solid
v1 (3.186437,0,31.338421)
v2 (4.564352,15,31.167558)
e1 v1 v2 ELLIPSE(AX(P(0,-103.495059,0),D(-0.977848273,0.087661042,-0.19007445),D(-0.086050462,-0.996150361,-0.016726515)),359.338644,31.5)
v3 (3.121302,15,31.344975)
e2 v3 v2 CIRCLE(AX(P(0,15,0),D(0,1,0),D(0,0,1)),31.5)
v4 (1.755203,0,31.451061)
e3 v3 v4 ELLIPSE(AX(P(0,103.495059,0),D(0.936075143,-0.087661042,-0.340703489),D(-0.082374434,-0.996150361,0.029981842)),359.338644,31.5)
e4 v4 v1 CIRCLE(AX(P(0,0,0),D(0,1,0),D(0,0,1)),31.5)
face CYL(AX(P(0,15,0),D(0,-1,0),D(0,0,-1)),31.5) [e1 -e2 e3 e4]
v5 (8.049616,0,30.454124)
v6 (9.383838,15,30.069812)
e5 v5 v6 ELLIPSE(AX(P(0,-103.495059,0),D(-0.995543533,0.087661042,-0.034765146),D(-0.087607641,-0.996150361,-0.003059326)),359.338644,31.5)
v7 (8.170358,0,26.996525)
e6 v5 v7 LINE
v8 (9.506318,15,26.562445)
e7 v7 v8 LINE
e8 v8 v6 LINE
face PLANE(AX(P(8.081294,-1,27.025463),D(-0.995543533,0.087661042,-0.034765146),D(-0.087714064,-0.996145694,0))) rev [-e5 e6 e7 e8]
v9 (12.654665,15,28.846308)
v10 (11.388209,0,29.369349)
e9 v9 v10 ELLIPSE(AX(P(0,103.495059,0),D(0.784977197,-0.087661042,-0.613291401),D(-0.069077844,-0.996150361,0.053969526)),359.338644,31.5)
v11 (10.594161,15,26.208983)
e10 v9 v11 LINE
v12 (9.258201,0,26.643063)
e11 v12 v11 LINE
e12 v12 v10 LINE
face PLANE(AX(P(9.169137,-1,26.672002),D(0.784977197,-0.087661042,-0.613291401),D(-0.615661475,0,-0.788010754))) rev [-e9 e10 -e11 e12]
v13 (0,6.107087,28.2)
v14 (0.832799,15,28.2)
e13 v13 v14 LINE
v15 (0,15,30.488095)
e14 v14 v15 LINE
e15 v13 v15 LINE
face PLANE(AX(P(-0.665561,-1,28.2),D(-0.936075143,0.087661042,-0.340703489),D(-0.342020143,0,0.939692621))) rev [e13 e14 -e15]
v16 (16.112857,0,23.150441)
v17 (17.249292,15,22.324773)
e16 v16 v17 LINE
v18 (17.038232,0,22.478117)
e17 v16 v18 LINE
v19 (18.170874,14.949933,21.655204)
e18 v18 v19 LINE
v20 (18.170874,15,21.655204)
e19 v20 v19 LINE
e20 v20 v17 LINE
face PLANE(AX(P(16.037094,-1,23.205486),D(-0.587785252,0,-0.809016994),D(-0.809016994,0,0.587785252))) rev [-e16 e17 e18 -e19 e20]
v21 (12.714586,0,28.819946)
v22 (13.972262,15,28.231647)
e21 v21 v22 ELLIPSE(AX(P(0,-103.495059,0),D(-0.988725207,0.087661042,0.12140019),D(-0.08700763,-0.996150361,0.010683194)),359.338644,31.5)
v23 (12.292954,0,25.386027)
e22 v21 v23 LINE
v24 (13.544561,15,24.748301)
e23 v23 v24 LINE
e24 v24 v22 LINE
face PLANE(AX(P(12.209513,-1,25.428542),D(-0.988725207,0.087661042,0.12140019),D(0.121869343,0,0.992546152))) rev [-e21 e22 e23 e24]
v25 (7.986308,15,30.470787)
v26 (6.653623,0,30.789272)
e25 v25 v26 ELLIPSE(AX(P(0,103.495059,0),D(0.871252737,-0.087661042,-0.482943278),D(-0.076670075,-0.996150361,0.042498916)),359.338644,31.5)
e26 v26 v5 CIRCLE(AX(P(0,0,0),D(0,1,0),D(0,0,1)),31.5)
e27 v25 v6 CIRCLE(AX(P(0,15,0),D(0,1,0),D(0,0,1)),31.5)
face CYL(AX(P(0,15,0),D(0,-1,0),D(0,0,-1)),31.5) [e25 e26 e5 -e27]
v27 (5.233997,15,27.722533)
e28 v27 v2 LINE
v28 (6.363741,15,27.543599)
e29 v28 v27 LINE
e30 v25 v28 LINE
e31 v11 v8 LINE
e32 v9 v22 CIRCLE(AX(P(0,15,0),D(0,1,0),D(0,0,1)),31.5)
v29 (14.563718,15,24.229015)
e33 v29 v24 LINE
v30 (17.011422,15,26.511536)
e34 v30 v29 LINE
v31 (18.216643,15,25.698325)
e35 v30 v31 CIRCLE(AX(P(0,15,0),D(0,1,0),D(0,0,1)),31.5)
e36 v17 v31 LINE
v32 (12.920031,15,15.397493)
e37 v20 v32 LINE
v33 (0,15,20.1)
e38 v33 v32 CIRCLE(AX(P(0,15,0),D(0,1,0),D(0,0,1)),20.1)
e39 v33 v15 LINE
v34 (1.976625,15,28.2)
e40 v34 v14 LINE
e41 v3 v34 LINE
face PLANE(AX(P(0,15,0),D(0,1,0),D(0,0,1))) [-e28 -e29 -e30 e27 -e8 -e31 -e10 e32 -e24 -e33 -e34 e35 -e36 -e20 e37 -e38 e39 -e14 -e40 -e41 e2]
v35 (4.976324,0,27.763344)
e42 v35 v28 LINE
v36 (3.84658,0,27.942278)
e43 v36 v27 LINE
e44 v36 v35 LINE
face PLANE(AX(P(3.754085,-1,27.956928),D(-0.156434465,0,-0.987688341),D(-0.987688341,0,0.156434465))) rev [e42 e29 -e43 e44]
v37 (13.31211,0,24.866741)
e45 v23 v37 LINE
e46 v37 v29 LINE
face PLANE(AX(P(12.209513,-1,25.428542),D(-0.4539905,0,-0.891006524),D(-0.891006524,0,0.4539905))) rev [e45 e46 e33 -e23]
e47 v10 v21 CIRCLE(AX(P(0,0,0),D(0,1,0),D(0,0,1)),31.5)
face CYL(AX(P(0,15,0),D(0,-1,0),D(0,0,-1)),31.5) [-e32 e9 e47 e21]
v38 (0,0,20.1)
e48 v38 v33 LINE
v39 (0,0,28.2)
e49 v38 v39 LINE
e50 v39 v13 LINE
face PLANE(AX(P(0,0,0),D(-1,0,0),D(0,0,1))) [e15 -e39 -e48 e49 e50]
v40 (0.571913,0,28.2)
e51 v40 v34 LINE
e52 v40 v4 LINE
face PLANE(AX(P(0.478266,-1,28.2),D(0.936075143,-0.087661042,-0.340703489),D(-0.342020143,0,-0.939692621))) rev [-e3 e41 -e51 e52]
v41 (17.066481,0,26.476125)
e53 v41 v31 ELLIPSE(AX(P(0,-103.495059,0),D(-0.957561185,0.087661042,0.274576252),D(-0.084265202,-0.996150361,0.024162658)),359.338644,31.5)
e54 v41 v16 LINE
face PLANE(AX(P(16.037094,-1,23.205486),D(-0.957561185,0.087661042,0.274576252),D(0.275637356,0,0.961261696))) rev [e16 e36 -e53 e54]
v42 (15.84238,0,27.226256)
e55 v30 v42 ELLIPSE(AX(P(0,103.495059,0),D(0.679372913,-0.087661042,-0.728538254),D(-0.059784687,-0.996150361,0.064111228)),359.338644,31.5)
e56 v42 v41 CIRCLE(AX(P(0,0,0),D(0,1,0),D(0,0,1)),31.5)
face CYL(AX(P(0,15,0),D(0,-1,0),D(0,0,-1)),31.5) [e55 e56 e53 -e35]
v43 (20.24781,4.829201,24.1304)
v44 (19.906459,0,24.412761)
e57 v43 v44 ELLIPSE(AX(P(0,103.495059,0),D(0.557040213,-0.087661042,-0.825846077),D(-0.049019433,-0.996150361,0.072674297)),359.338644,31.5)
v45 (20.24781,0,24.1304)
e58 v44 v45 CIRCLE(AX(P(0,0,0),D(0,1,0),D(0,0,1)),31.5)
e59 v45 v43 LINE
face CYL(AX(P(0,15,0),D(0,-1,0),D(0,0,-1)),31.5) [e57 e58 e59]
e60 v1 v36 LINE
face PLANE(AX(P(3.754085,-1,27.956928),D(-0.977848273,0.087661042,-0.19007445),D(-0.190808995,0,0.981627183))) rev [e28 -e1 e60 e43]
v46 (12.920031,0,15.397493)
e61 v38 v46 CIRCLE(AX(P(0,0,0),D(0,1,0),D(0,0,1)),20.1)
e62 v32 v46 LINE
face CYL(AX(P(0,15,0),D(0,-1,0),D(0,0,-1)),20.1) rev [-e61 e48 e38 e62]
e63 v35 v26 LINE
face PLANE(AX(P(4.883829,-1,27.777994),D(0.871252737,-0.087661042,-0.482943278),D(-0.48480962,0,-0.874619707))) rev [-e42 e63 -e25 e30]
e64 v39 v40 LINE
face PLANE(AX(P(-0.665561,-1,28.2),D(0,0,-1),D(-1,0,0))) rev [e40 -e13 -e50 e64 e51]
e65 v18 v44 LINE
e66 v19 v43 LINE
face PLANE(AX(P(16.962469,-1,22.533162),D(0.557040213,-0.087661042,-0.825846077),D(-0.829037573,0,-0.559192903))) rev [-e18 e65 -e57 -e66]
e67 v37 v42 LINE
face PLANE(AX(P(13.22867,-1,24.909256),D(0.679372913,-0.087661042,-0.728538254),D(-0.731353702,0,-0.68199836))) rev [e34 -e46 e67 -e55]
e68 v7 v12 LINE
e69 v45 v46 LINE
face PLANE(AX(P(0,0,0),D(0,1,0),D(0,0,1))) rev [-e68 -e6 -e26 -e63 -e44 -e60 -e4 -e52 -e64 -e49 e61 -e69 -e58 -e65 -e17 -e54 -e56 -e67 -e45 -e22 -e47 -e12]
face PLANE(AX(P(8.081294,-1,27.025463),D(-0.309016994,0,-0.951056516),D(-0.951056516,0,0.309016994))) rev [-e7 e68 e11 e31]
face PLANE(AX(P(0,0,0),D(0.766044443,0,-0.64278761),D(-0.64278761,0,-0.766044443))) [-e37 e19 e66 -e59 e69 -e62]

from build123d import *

# Parameters (mm, degrees)
SKETCH_1_R               = 31.5
SKETCH_1_R_2             = 20.1
EXTRUDE_1_DEPTH          = 15
PATTERN_CIRCULAR_4_COUNT = 40
SKETCH_9_OUTSIDE_W       = 83.064
SKETCH_9_OUTSIDE_H       = 83.064
CUT_EXTRUDE_1_DEPTH      = 48.00244519


with BuildPart() as part:
    # Эскиз1 → Бобышка-Вытянуть1 (new body)
    with BuildSketch(Plane(origin=(0, 0, 0), x_dir=(1, 0, 0), z_dir=(0, 1, 0))):
        with Locations(Location((0, 0, 0), (0, 0, 270))):
            Circle(SKETCH_1_R)
        with Locations(Location((0, 0, 0), (0, 0, 270))):
            Circle(SKETCH_1_R_2, mode=Mode.SUBTRACT)
    extrude(amount=EXTRUDE_1_DEPTH)

    # Вырез-По траектории4: sweep along a path in Эскиз8
    with BuildLine(Plane(origin=(30, 0, 0), x_dir=(0, 0, -1), z_dir=(1, 0, 0))) as sweep_4_path:
        Line((0, 0), (1.610154635, 17.19379209))
    # Эскиз7 → Вырез-По траектории4 (sweep, cut)
    with BuildSketch(Plane(origin=(0, 0, 0), x_dir=(1, 0, 0), z_dir=(0, 1, 0))):
        Polygon((28.2, -0.57191311), (28.2, 0.57191311), (32, 1.955), (32, -1.955), align=None)
    sweep_4 = sweep(path=sweep_4_path.line, mode=Mode.SUBTRACT)

    # Круговой массив4: Вырез-По траектории4 ×40 about axis
    pattern_circular_4_axis = Axis((0, 0, 0), (0, 1, 0))
    for i in range(1, PATTERN_CIRCULAR_4_COUNT):
        add(sweep_4.rotate(pattern_circular_4_axis, i * 360 / PATTERN_CIRCULAR_4_COUNT), mode=Mode.SUBTRACT)

    # Эскиз9 outside → Вырез-Вытянуть1 (cut, through all)
    with BuildSketch(Plane(origin=(0, 15, 0), x_dir=(1, 0, 0), z_dir=(0, 1, 0))):
        Rectangle(SKETCH_9_OUTSIDE_W, SKETCH_9_OUTSIDE_H)
        with BuildLine():
            Line((0, 0), (0, -31.5))
            ThreePointArc((0, -31.5), (10.773634515, -29.600317555), (20.247809705, -24.130399958))
            Line((20.247809705, -24.130399958), (0, 0))
        make_face(mode=Mode.SUBTRACT)
    extrude(amount=-CUT_EXTRUDE_1_DEPTH, mode=Mode.SUBTRACT)


solid = part.part
